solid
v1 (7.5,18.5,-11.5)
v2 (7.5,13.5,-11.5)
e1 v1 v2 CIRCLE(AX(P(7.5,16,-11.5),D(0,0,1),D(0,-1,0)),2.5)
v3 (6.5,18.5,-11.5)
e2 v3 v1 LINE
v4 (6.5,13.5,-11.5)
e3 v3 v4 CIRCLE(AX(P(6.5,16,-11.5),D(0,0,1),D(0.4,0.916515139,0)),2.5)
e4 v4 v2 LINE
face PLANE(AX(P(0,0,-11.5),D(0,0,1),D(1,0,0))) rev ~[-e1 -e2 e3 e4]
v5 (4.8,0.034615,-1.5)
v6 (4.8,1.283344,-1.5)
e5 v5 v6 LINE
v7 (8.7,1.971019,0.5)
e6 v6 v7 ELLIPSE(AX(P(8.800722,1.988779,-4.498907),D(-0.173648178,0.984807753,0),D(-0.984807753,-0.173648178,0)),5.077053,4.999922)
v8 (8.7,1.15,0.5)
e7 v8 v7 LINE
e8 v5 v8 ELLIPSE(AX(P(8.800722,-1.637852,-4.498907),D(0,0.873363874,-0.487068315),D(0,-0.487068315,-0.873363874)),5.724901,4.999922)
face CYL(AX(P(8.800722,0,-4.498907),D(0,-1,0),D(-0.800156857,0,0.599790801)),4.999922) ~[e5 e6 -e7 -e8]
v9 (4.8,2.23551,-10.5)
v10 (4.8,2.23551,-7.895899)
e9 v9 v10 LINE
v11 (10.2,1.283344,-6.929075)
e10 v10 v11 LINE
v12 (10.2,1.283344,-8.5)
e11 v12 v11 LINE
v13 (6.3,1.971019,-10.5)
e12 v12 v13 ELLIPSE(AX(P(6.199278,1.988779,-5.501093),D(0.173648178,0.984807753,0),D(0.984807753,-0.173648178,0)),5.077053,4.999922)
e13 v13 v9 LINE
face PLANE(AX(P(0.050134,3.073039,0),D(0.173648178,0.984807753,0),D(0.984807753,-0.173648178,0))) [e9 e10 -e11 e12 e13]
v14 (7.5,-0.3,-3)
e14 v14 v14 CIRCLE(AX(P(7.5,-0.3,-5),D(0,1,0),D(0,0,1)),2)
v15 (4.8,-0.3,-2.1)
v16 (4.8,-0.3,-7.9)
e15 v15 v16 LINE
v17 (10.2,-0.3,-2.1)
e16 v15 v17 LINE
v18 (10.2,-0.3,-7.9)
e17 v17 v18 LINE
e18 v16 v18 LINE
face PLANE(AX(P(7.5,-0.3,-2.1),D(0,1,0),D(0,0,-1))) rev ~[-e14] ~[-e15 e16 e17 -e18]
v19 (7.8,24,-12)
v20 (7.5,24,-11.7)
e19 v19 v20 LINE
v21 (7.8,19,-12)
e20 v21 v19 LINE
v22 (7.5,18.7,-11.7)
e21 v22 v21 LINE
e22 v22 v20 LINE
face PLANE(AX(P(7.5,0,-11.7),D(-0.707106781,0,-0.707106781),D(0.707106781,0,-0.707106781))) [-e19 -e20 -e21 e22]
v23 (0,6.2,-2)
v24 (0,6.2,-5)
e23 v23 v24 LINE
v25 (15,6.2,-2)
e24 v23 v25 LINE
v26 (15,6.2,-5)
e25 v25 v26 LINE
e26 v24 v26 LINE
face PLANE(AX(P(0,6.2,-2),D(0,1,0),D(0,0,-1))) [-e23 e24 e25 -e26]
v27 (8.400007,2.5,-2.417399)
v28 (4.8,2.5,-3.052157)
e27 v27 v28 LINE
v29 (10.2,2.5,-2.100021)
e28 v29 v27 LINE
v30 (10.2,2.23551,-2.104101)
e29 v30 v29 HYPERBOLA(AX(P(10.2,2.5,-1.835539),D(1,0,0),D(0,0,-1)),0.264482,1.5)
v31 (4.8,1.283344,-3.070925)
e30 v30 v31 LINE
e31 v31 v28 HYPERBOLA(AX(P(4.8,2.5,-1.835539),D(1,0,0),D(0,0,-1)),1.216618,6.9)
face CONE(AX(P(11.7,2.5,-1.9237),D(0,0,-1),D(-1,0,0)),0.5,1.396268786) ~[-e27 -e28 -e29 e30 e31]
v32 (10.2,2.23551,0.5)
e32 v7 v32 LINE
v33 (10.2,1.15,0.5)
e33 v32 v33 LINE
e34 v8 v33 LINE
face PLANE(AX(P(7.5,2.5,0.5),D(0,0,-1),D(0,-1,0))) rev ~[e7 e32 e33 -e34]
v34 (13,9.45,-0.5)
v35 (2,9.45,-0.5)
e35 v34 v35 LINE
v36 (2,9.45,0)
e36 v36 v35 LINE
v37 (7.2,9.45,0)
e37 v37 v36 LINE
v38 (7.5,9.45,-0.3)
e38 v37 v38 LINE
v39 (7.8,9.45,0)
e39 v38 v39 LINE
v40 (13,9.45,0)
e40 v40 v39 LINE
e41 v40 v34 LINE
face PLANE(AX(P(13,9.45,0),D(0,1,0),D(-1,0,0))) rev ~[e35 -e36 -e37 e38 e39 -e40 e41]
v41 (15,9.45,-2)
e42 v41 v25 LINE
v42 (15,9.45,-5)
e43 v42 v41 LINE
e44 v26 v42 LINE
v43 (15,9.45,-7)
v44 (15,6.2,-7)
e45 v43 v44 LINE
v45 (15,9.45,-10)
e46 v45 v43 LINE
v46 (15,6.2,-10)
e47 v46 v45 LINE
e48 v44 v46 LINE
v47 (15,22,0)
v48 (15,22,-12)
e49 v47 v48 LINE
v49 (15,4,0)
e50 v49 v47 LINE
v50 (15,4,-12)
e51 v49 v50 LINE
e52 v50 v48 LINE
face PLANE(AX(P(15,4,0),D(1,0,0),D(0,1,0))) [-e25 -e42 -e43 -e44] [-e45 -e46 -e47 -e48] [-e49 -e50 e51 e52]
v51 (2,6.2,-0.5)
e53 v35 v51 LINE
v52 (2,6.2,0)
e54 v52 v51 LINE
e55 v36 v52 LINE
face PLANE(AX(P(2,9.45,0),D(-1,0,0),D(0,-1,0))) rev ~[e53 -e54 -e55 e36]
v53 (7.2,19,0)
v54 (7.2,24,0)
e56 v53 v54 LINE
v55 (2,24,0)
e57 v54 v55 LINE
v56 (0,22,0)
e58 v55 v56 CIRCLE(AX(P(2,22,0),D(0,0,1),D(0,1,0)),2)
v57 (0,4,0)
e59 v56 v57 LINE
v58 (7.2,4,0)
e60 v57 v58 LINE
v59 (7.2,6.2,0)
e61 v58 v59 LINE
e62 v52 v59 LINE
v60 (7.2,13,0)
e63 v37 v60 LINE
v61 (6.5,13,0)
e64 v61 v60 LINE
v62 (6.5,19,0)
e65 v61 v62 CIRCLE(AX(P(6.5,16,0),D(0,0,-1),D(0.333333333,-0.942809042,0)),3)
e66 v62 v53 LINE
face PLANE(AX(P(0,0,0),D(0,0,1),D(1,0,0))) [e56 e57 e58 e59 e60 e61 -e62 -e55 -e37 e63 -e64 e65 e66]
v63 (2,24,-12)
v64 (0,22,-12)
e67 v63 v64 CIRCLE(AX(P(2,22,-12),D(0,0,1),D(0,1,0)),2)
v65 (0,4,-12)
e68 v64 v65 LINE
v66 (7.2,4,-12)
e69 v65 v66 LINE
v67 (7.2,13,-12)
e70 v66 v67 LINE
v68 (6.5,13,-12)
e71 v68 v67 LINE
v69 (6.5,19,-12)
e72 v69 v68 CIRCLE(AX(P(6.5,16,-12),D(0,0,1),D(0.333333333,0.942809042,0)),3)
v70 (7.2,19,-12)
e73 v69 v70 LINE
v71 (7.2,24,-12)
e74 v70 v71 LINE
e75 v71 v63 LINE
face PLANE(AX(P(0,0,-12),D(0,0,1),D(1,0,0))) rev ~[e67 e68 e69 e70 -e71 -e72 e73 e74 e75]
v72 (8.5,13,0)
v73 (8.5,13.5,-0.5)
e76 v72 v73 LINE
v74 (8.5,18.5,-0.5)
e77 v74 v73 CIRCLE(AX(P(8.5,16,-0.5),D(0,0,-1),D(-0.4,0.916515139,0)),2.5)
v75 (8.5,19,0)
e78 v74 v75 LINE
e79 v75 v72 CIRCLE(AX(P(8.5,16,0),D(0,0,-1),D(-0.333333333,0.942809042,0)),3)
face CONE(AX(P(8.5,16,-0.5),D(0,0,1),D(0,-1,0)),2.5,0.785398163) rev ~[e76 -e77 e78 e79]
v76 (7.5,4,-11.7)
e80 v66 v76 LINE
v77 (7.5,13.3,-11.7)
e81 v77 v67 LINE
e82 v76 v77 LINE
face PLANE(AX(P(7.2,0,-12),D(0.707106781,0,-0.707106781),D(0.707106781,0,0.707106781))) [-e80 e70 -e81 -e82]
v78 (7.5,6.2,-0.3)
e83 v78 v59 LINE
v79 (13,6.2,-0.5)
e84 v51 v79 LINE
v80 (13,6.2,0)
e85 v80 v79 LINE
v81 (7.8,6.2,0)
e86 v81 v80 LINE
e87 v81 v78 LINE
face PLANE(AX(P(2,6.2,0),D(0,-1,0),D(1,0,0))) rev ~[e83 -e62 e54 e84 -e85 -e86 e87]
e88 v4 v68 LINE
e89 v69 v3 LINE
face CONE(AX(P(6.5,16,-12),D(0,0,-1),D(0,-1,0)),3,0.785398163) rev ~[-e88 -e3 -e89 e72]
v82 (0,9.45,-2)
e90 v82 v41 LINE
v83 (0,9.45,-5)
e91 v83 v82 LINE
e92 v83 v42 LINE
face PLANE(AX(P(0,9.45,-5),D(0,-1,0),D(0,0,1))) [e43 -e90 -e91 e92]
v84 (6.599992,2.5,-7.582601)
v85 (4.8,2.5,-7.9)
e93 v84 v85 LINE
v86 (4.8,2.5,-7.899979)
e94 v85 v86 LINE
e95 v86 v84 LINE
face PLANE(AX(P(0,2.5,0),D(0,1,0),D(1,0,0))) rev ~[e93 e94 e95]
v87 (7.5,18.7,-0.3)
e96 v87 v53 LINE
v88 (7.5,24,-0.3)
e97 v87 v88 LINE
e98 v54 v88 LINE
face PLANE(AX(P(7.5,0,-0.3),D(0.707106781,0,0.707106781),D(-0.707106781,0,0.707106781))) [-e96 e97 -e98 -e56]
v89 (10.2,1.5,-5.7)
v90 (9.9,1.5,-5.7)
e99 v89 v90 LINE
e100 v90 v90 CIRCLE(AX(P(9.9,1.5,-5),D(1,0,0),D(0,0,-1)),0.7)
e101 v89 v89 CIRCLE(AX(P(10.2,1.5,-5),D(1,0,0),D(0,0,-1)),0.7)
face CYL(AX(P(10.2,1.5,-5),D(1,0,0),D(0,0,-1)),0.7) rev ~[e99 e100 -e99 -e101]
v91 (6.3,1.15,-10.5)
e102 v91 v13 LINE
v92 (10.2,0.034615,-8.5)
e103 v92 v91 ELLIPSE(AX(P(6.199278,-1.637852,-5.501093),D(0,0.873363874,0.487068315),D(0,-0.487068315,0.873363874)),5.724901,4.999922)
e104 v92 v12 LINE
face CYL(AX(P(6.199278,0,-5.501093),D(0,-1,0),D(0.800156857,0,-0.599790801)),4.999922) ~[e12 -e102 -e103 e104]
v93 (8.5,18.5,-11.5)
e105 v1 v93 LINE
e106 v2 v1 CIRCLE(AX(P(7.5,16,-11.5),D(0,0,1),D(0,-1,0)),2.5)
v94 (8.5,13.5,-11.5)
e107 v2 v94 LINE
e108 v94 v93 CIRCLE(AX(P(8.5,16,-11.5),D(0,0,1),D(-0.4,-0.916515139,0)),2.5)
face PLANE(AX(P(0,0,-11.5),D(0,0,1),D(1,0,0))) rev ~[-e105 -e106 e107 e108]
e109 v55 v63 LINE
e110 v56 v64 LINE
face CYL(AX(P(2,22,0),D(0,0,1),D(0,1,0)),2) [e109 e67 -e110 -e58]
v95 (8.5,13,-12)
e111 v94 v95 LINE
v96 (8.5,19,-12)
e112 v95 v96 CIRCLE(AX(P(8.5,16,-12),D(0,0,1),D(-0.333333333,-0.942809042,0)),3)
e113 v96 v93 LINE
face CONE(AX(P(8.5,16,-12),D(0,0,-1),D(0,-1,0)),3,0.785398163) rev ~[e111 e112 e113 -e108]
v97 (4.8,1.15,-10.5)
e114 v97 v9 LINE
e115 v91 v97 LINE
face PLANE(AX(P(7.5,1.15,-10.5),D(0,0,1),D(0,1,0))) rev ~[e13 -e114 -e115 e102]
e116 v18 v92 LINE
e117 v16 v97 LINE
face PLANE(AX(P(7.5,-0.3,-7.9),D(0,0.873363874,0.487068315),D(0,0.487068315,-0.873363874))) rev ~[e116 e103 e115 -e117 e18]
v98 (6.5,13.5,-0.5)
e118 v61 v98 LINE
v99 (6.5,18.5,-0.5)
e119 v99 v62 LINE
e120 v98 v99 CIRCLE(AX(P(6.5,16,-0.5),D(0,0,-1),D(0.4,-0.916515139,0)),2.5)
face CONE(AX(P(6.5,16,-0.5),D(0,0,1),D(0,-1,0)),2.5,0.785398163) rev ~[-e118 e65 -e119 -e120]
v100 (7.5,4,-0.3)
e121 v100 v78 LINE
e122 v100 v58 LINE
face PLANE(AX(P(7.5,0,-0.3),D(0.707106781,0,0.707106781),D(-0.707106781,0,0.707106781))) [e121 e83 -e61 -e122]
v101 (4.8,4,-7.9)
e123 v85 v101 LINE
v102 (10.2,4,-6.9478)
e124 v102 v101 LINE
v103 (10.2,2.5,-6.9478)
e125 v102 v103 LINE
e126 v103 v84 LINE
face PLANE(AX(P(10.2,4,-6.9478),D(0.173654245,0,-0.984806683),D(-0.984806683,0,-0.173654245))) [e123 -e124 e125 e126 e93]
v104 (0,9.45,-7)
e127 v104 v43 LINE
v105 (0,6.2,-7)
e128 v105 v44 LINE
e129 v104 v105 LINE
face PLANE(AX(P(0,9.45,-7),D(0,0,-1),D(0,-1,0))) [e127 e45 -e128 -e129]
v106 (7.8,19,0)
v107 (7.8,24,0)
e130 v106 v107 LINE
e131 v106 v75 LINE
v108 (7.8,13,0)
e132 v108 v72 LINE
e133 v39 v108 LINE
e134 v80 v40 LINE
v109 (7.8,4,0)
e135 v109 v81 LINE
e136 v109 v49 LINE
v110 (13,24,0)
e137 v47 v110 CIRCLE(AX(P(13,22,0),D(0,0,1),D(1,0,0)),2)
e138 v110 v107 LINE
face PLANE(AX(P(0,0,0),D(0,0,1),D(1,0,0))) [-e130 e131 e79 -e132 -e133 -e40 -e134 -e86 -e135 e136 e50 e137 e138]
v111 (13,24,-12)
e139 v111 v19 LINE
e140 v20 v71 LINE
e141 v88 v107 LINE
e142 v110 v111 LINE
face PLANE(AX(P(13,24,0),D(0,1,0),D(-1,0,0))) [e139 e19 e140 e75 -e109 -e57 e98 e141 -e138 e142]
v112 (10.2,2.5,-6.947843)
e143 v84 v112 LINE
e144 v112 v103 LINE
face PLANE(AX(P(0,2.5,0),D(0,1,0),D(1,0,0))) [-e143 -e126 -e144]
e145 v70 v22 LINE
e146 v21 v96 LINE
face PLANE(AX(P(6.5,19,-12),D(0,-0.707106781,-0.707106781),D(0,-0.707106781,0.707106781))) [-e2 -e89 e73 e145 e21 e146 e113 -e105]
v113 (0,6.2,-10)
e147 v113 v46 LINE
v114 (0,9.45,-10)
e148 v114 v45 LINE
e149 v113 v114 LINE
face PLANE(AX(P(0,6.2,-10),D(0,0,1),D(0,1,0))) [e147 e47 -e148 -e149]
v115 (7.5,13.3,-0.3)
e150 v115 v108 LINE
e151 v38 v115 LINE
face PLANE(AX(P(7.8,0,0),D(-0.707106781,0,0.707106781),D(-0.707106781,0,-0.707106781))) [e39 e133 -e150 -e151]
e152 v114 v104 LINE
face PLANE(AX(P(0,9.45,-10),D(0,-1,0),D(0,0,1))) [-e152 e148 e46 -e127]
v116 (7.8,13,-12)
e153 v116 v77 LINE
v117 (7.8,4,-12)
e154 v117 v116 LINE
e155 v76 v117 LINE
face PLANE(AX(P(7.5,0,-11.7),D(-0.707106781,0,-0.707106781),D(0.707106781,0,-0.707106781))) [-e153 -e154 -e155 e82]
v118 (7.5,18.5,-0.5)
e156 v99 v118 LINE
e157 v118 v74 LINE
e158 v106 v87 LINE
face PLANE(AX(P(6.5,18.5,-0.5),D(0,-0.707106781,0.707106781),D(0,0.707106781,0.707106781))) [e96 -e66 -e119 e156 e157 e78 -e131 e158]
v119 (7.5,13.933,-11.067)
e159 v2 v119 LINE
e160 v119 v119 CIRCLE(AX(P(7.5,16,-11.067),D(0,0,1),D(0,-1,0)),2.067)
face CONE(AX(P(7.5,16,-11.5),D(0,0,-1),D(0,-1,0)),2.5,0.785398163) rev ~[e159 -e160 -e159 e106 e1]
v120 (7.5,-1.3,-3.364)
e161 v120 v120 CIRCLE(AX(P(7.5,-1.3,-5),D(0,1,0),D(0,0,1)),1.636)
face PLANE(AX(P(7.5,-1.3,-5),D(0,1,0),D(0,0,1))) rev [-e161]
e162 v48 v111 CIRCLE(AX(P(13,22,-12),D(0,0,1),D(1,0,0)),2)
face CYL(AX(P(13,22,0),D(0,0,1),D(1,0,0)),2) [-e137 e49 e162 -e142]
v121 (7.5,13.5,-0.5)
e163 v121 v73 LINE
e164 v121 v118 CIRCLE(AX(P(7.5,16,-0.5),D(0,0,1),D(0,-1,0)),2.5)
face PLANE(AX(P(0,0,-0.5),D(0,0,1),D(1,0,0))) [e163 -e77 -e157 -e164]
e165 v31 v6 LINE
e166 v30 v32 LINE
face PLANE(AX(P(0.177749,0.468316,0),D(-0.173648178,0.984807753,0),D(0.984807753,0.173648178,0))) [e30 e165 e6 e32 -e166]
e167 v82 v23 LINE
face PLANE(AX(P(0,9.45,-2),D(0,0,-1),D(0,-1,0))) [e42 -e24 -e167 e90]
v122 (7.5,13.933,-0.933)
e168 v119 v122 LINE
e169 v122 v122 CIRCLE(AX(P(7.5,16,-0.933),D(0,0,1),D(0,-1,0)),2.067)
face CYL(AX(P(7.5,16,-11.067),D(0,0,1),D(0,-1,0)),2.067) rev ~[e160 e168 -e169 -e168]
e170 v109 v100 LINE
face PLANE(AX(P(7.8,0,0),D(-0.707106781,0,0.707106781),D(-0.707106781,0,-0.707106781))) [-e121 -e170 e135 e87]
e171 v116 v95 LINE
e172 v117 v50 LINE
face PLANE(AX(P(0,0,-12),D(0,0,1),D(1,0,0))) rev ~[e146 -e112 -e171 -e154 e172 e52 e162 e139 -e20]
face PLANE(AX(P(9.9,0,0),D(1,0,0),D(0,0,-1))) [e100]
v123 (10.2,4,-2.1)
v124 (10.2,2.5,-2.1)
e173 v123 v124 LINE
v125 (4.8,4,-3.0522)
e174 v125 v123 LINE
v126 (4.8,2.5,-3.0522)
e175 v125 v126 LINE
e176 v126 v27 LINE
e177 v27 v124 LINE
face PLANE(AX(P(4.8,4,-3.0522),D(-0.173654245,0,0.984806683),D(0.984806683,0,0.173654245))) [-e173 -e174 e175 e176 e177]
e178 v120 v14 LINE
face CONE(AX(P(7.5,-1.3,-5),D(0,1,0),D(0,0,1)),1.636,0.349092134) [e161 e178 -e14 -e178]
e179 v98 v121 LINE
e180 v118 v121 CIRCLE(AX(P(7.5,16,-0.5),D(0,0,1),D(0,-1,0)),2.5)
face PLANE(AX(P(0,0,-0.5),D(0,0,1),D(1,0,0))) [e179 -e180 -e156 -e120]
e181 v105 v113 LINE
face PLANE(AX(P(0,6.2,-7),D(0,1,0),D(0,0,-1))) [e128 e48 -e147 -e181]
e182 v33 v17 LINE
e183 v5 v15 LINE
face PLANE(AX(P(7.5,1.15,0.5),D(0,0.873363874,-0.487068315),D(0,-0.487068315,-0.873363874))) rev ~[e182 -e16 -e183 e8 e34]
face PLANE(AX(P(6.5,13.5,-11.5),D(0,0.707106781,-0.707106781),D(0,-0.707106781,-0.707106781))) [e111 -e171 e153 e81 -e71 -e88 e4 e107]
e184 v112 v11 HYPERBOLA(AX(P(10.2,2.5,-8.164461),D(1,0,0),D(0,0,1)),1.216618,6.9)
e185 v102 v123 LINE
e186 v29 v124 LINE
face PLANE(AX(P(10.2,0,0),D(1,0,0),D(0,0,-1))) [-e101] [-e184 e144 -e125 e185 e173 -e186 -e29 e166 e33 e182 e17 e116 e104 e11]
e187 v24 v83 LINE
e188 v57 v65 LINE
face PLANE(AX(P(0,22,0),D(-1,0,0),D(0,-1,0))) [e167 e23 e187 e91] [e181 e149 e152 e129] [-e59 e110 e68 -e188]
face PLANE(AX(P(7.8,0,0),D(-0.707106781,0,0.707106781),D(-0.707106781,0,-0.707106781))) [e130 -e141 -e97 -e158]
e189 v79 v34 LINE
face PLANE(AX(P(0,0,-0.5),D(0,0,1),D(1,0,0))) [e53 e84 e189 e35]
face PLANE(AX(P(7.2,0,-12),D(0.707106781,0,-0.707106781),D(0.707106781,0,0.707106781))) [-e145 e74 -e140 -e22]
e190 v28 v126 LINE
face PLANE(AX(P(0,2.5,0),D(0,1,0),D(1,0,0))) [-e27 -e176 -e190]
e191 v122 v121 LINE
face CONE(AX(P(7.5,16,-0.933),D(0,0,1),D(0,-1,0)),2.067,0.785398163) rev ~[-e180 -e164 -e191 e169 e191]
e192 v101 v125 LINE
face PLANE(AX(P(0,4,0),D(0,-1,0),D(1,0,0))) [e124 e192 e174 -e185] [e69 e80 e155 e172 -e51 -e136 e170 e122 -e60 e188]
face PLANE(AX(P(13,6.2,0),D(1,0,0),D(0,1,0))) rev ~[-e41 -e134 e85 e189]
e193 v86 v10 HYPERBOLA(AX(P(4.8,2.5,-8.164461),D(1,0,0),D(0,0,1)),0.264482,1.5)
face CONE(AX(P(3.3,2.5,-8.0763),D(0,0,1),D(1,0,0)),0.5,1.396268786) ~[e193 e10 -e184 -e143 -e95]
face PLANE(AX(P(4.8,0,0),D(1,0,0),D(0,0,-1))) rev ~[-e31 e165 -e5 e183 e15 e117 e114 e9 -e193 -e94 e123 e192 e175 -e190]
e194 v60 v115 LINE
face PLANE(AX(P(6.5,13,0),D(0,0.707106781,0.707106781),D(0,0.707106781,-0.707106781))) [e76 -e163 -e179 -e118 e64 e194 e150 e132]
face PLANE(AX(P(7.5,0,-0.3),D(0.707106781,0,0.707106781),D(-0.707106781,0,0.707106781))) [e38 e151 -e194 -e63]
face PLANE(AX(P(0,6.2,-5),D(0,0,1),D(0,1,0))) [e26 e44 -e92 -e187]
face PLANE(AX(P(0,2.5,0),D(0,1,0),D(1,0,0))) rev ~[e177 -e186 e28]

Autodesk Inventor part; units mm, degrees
ref_plane "YZ Plane" through (0, 0, 0) normal (1, 0, 0) x (0, 1, 0)
ref_plane "XZ Plane" through (0, 0, 0) normal (0, 1, 0) x (-1, 0, 0)
ref_plane "XY Plane" through (0, 0, 0) normal (0, 0, 1) x (1, 0, 0)
sketch "Sketch_1" plane through (0, 0, 0) normal (0, 0, 1) x (1, 0, 0)
  line L0 (0, 22) -> (0, 4)
  line L1 (0, 4) -> (15, 4)
  line L2 (15, 4) -> (15, 22)
  arc A0 (15, 22) -> (13, 24) centre (13, 22) ccw
  line L3 (13, 24) -> (2, 24)
  arc A1 (2, 24) -> (0, 22) centre (2, 22) ccw
extrude "Extrusion1" add sketch "Sketch_1" against normal blind 12
sketch "Sketch_8" plane through (6.5, 0, 0) normal (1, 0, 0) x (0, 0, -1)
  line L0 (0, 16) -> (12, 16)
  line L1 (12, 16) -> (12, 13)
  line L2 (12, 13) -> (11.5, 13.5)
  line L3 (11.5, 13.5) -> (0.5, 13.5)
  line L4 (0.5, 13.5) -> (0, 13)
  line L5 (0, 13) -> (0, 16)
  line L6 (0, 16) -> (12, 16)
revolve "Revolution1" cut sketch "Sketch_8" angle 360 about axis through (6.5, 16, 0) along (0, 0, 1)
sketch "Sketch_9" plane through (8.5, 0, 0) normal (1, 0, 0) x (0, 0, -1)
  line L0 (0, 16) -> (12, 16)
  line L1 (12, 16) -> (12, 13)
  line L2 (12, 13) -> (11.5, 13.5)
  line L3 (11.5, 13.5) -> (0.5, 13.5)
  line L4 (0.5, 13.5) -> (0, 13)
  line L5 (0, 13) -> (0, 16)
  line L6 (0, 16) -> (12, 16)
revolve "Revolution2" cut sketch "Sketch_9" angle 360 about axis through (8.5, 16, 0) along (0, 0, 1)
sketch "Sketch_10" plane through (6.5, 0, 0) normal (1, 0, 0) x (0, 0, -1)
  line L0 (0, 13) -> (0.5, 13.5)
  line L1 (0.5, 13.5) -> (11.5, 13.5)
  line L2 (11.5, 13.5) -> (12, 13)
  line L3 (12, 13) -> (12, 19)
  line L4 (12, 19) -> (11.5, 18.5)
  line L5 (11.5, 18.5) -> (0.5, 18.5)
  line L6 (0.5, 18.5) -> (0, 19)
  line L7 (0, 19) -> (0, 13)
extrude "Extrusion2" cut sketch "Sketch_10" along normal blind 2
sketch "Sketch_7" plane through (7.5, 0, 0) normal (1, 0, 0) x (0, 0, -1)
  line L0 (-0.5, 1.15) -> (2.1, -0.3)
  line L1 (2.1, -0.3) -> (7.9, -0.3)
  line L2 (7.9, -0.3) -> (10.5, 1.15)
  line L3 (10.5, 1.15) -> (10.5, 2.5)
  line L4 (10.5, 2.5) -> (7.9, 2.5)
  line L5 (7.9, 2.5) -> (7.9, 4)
  line L6 (7.9, 4) -> (2.1, 4)
  line L7 (2.1, 4) -> (2.1, 2.5)
  line L8 (2.1, 2.5) -> (-0.5, 2.5)
  line L9 (-0.5, 2.5) -> (-0.5, 1.15)
sketch "Sketch_3" plane through (0, 0, 0) normal (1, 0, 0) x (0, 1, 0)
  line L0 (6.2, -2) -> (6.2, -5)
  line L1 (6.2, -5) -> (9.45, -5)
  line L2 (9.45, -5) -> (9.45, -2)
  line L3 (9.45, -2) -> (6.2, -2)
sketch "Sketch_5" plane through (0, 0, 0) normal (1, 0, 0) x (0, 1, 0)
  line L0 (6.2, -7) -> (6.2, -10)
  line L1 (6.2, -10) -> (9.45, -10)
  line L2 (9.45, -10) -> (9.45, -7)
  line L3 (9.45, -7) -> (6.2, -7)
extrude "Extrusion3" cut sketch "Sketch_3" along normal blind 15
extrude "Extrusion4" cut sketch "Sketch_5" along normal blind 15
sketch "Sketch_6" plane through (0, 0, 0) normal (0, 0, 1) x (1, 0, 0)
  line L0 (2, 6.2) -> (13, 6.2)
  line L1 (13, 6.2) -> (13, 9.45)
  line L2 (13, 9.45) -> (2, 9.45)
  line L3 (2, 9.45) -> (2, 6.2)
extrude "Extrusion5" cut sketch "Sketch_6" against normal blind 0.5
sketch "Sketch_11" plane through (0, 0, 0) normal (0, 1, 0) x (-1, 0, 0)
  line L0 (-7.2, 0) -> (-7.8, 0)
  line L1 (-7.8, 0) -> (-7.5, -0.3)
  line L2 (-7.5, -0.3) -> (-7.2, 0)
extrude "Extrusion6" cut sketch "Sketch_11" along normal blind 25
sketch "Sketch_12" plane through (0, 0, 0) normal (0, 1, 0) x (-1, 0, 0)
  line L0 (-7.2, -12) -> (-7.5, -11.7)
  line L1 (-7.5, -11.7) -> (-7.8, -12)
  line L2 (-7.8, -12) -> (-7.2, -12)
extrude "Extrusion7" cut sketch "Sketch_12" along normal blind 25
extrude "Extrusion8" add sketch "Sketch_7" along normal mid plane 5.4
sketch "Sketch_2" plane through (7.5, 0, 0) normal (1, 0, 0) x (0, 0, -1)
  line L0 (5, -0.3) -> (5, -1.3)
  line L1 (5, -1.3) -> (3.364, -1.3)
  line L2 (3.364, -1.3) -> (3, -0.3)
  line L3 (3, -0.3) -> (5, -0.3)
  line L4 (5, -0.3) -> (5, -1.3)
revolve "Revolution3" add sketch "Sketch_2" angle 360 about axis through (7.5, -0.3, -5) along (0, 1, 0)
sketch "Sketch_4" plane through (0, 0, 0) normal (0, 1, 0) x (-1, 0, 0)
  line L0 (-3.8, 1.5) -> (-10.2, 1.5)
  line L1 (-10.2, 1.5) -> (-10.2, 0.5)
  line L2 (-10.2, 0.5) -> (-8.7, 0.5)
  arc A0 (-4.8, -1.5) -> (-8.7, 0.5) centre (-8.8008, -4.499) ccw
  line L3 (-4.8, -1.5) -> (-3.8, -1.5)
  line L4 (-3.8, -1.5) -> (-3.8, 1.5)
extrude "Extrusion9" cut sketch "Sketch_4" along normal blind 3
sketch "Sketch_13" plane through (0, 0, 0) normal (0, 1, 0) x (-1, 0, 0)
  line L0 (-4.8, -10.5) -> (-6.3, -10.5)
  arc A0 (-10.2, -8.5) -> (-6.3, -10.5) centre (-6.1992, -5.501) ccw
  line L1 (-10.2, -8.5) -> (-11.2, -8.5)
  line L2 (-11.2, -8.5) -> (-11.2, -11.5)
  line L3 (-11.2, -11.5) -> (-4.8, -11.5)
  line L4 (-4.8, -11.5) -> (-4.8, -10.5)
extrude "Extrusion10" cut sketch "Sketch_13" along normal blind 3
sketch "Sketch_14" plane through (10.2, 0, 0) normal (1, 0, 0) x (0, 0, -1)
  circle A0 centre (5, 1.5) radius 0.7
extrude "Extrusion11" cut sketch "Sketch_14" against normal blind 0.3
sketch "Sketch_15" plane through (0, 0, -0.5) normal (0, 0, 1) x (1, 0, 0)
  arc A0 (6.5, 18.5) -> (6.5, 13.5) centre (6.5, 16) ccw
  line L0 (6.5, 13.5) -> (8.5, 13.5)
  arc A1 (8.5, 13.5) -> (8.5, 18.5) centre (8.5, 16) ccw
  line L1 (8.5, 18.5) -> (6.5, 18.5)
extrude "Extrusion12" add sketch "Sketch_15" against normal blind 11
sketch "Sketch_16" plane through (7.5, 0, 0) normal (1, 0, 0) x (0, 0, -1)
  line L0 (0.5, 16) -> (11.5, 16)
  line L1 (11.5, 16) -> (11.5, 13.5)
  line L2 (11.5, 13.5) -> (11.067, 13.933)
  line L3 (11.067, 13.933) -> (0.933, 13.933)
  line L4 (0.933, 13.933) -> (0.5, 13.5)
  line L5 (0.5, 13.5) -> (0.5, 16)
  line L6 (0.5, 16) -> (11.5, 16)
revolve "Revolution4" cut sketch "Sketch_16" angle 360 about axis through (7.5, 16, -0.5) along (0, 0, 1)
thread "Thread1" size "M5x0.8" class "6H" standard "ISO Metric profile" full length
sketch "Sketch_17" plane through (0, 4, 0) normal (0, 1, 0) x (1, 0, 0)
  line L0 (2, 10) -> (2, 0)
  line L1 (2, 0) -> (12, 0)
  line L2 (12, 0) -> (12, 10)
  line L3 (12, 10) -> (2, 10)
  line L4 (4.8, 3.0522) -> (10.2, 2.1)
  line L5 (10.2, 2.1) -> (10.2, 6.9478)
  line L6 (10.2, 6.9478) -> (4.8, 7.9)
  line L7 (4.8, 7.9) -> (4.8, 3.0522)
extrude "Extrusion13" cut sketch "Sketch_17" against normal blind 1.5
sketch "Sketch_18" plane through (0, 2.5, 0) normal (0, 1, 0) x (1, 0, 0)
  line L0 (11.7, 15) -> (11.7, -5)
  line L1 (2.8, 3.4048) -> (2.8, -5)
  line L2 (2.8, -5) -> (11.2, -5)
  line L3 (11.2, -5) -> (11.2, 1.9237)
  line L4 (11.2, 1.9237) -> (2.8, 3.4048)
revolve "Revolution5" cut sketch "Sketch_18" angle 10 about axis through (11.7, 2.5, -15) along (0, 0, 1)
sketch "Sketch_19" plane through (0, 2.5, 0) normal (0, 1, 0) x (1, 0, 0)
  line L0 (3.3, -5) -> (3.3, 15)
  line L1 (3.8, 8.0763) -> (12.2, 6.5952)
  line L2 (12.2, 6.5952) -> (12.2, 15)
  line L3 (12.2, 15) -> (3.8, 15)
  line L4 (3.8, 15) -> (3.8, 8.0763)
revolve "Revolution6" cut sketch "Sketch_19" angle 10 about axis through (3.3, 2.5, 5) along (0, 0, -1)
properties part number "HCBR5"
